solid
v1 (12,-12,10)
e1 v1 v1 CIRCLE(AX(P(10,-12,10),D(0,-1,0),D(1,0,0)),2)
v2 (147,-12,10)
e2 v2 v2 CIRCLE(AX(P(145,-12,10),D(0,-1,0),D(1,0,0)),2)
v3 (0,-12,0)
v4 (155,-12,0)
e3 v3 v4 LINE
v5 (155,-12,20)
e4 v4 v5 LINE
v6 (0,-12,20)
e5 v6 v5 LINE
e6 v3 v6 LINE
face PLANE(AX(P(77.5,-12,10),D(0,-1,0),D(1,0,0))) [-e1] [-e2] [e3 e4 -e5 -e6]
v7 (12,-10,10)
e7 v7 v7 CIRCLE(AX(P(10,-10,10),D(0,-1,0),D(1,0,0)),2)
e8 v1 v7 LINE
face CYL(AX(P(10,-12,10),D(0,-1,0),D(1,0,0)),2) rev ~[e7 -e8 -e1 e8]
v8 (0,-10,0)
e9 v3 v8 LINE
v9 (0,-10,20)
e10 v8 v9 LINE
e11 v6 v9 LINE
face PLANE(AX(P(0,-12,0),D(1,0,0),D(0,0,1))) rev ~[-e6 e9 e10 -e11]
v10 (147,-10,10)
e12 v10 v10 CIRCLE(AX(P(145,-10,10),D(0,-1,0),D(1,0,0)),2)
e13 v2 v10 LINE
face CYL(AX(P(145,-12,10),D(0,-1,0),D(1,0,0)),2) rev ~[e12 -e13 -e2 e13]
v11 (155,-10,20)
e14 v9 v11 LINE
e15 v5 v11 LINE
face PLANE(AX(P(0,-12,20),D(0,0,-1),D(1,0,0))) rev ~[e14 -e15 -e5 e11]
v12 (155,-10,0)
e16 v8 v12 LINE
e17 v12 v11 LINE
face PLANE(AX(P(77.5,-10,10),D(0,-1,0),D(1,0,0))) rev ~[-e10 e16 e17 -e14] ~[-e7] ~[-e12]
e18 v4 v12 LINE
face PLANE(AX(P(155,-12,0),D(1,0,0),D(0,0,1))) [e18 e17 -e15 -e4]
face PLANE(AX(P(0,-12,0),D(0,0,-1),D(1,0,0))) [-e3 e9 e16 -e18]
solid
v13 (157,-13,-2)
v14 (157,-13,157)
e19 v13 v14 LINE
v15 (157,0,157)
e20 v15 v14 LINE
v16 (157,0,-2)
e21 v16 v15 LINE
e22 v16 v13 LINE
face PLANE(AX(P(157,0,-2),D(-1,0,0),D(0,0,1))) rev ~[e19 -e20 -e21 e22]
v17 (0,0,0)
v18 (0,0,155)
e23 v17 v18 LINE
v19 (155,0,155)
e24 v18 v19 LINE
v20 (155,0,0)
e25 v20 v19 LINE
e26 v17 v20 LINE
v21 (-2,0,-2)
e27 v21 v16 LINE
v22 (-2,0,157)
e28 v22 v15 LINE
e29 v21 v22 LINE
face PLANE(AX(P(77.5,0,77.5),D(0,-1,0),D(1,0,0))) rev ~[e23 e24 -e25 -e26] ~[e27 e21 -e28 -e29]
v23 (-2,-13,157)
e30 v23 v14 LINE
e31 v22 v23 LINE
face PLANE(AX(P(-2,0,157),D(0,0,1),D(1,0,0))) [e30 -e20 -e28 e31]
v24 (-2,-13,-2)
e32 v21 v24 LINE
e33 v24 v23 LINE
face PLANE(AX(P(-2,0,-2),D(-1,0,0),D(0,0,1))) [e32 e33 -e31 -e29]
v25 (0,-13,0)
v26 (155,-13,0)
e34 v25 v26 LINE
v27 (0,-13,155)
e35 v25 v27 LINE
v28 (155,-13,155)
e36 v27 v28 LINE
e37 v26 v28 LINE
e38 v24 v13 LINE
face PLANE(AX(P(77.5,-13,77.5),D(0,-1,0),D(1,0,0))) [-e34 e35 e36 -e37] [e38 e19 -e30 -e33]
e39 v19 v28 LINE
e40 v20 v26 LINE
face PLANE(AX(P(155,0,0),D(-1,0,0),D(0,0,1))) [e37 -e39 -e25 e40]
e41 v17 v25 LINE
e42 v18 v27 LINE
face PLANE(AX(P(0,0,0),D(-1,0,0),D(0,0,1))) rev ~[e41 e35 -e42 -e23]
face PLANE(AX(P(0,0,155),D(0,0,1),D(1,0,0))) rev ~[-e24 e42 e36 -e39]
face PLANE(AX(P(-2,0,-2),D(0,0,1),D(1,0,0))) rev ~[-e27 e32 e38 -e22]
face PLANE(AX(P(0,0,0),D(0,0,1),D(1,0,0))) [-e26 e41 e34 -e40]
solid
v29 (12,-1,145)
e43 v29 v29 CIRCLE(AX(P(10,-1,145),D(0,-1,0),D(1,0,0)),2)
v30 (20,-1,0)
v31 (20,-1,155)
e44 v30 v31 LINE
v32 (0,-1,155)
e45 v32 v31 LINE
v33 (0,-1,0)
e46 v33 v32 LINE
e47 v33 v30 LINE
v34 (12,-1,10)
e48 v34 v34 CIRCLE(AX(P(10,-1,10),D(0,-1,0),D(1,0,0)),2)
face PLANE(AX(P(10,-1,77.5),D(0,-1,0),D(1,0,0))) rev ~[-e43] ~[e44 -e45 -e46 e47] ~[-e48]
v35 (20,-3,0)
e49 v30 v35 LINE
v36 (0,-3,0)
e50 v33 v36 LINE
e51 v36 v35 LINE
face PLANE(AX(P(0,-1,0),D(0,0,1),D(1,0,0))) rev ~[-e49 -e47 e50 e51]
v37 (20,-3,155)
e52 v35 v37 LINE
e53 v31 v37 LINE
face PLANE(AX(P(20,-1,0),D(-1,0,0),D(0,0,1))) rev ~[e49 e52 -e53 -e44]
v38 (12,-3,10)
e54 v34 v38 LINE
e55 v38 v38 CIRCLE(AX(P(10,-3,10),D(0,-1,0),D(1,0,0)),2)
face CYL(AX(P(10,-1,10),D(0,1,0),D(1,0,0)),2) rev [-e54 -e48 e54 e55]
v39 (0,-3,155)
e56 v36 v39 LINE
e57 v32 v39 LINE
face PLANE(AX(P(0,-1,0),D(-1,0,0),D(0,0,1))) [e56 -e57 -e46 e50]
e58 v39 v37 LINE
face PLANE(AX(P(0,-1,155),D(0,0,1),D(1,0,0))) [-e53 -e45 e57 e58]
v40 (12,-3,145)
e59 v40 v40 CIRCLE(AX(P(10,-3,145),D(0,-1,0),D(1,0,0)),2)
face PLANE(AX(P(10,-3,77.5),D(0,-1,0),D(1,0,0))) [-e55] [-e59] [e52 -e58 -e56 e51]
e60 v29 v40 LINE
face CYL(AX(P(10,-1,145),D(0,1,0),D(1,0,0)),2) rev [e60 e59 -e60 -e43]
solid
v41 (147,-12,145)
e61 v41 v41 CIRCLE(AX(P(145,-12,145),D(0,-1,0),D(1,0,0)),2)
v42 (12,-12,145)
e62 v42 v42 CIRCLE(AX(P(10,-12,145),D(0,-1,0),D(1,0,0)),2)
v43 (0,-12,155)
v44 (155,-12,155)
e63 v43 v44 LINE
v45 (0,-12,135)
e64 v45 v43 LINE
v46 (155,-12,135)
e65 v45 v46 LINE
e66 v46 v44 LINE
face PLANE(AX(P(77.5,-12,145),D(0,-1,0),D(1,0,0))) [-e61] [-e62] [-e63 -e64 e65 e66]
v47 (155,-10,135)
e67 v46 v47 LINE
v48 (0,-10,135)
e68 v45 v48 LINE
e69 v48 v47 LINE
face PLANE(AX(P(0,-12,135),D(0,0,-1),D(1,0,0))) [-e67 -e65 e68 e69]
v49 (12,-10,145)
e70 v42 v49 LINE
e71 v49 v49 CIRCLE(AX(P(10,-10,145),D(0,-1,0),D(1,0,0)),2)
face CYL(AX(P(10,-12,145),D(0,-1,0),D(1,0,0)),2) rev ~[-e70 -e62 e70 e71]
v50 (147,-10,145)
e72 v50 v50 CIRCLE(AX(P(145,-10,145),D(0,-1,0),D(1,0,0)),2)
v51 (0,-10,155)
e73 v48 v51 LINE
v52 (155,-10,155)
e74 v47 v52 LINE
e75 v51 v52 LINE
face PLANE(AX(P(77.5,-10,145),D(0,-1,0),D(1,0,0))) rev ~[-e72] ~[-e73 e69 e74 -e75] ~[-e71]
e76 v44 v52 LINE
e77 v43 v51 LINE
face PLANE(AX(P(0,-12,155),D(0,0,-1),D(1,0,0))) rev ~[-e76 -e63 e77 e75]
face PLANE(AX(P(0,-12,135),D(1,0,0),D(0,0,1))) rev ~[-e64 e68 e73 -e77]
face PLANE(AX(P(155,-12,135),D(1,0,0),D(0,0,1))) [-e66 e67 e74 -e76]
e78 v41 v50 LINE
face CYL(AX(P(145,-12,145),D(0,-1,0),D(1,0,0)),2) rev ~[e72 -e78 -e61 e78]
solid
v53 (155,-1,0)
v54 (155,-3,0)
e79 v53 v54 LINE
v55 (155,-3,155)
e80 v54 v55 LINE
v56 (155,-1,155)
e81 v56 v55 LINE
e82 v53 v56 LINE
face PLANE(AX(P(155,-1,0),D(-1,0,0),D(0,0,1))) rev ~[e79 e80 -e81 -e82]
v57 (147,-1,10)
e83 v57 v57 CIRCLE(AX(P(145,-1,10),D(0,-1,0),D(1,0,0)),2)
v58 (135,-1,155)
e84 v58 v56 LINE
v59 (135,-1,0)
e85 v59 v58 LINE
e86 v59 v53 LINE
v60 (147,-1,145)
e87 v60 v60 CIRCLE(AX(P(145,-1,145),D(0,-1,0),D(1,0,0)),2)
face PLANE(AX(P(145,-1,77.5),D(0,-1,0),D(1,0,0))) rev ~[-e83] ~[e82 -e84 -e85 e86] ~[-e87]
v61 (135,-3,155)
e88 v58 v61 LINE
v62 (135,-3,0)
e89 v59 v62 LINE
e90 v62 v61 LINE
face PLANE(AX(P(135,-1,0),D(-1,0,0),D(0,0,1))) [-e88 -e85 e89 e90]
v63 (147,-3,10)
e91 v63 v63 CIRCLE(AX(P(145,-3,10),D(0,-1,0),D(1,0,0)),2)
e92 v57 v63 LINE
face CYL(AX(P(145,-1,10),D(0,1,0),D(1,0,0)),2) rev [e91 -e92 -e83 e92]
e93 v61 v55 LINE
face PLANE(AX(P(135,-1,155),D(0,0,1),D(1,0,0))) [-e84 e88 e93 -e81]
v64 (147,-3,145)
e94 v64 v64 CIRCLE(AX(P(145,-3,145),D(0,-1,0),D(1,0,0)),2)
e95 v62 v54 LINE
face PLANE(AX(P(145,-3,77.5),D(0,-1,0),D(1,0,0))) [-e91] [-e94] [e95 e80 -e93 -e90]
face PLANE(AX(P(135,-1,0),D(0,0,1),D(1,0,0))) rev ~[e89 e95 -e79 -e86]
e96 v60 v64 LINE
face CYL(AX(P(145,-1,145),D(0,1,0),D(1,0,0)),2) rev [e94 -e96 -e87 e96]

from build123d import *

# Parameters (mm, degrees)
F0_W     = 159
F0_H     = 159
F0_W_2   = 155
F0_H_2   = 155
F1_DEPTH = 13
F3_W     = 20
F3_H     = 155
F3_R     = 2
F4_DEPTH = 2
F6_W     = 155
F6_H     = 20
F6_R     = 2
F7_DEPTH = 2


with BuildPart() as f1:
    # F0 (on Front) → F1 (new body)
    with BuildSketch(Plane.XZ):
        with Locations((77.5, 77.5)):
            Rectangle(F0_W, F0_H)
        with Locations((77.5, 77.5)):
            Rectangle(F0_W_2, F0_H_2, mode=Mode.SUBTRACT)
    extrude(amount=F1_DEPTH)


with BuildPart() as f4:
    # F3 (on offset) → F4 (new body)
    with BuildSketch(Plane.XZ.offset(1)):
        with Locations((10, 77.5)):
            Rectangle(F3_W, F3_H)
        with Locations((10, 10)):
            Circle(F3_R, mode=Mode.SUBTRACT)
        with Locations((10, 145)):
            Circle(F3_R, mode=Mode.SUBTRACT)
    extrude(amount=F4_DEPTH)


with BuildPart() as f4b:
    # F3 (on offset) → F4, piece 2 (new body)
    with BuildSketch(Plane.XZ.offset(1)):
        with Locations((145, 77.5)):
            Rectangle(F3_W, F3_H)
        with Locations((145, 10)):
            Circle(F3_R, mode=Mode.SUBTRACT)
        with Locations((145, 145)):
            Circle(F3_R, mode=Mode.SUBTRACT)
    extrude(amount=F4_DEPTH)


with BuildPart() as f7:
    # F6 (on offset) → F7 (new body)
    with BuildSketch(Plane.XZ.offset(12)):
        with Locations((77.5, 145)):
            Rectangle(F6_W, F6_H)
        with Locations((10, 145)):
            Circle(F6_R, mode=Mode.SUBTRACT)
        with Locations((145, 145)):
            Circle(F6_R, mode=Mode.SUBTRACT)
    extrude(amount=-F7_DEPTH)


with BuildPart() as f7b:
    # F6 (on offset) → F7, piece 2 (new body)
    with BuildSketch(Plane.XZ.offset(12)):
        with Locations((77.5, 10)):
            Rectangle(F6_W, F6_H)
        with Locations((10, 10)):
            Circle(F6_R, mode=Mode.SUBTRACT)
        with Locations((145, 10)):
            Circle(F6_R, mode=Mode.SUBTRACT)
    extrude(amount=-F7_DEPTH)


solid = Compound([f1.part, f4.part, f4b.part, f7.part, f7b.part])
